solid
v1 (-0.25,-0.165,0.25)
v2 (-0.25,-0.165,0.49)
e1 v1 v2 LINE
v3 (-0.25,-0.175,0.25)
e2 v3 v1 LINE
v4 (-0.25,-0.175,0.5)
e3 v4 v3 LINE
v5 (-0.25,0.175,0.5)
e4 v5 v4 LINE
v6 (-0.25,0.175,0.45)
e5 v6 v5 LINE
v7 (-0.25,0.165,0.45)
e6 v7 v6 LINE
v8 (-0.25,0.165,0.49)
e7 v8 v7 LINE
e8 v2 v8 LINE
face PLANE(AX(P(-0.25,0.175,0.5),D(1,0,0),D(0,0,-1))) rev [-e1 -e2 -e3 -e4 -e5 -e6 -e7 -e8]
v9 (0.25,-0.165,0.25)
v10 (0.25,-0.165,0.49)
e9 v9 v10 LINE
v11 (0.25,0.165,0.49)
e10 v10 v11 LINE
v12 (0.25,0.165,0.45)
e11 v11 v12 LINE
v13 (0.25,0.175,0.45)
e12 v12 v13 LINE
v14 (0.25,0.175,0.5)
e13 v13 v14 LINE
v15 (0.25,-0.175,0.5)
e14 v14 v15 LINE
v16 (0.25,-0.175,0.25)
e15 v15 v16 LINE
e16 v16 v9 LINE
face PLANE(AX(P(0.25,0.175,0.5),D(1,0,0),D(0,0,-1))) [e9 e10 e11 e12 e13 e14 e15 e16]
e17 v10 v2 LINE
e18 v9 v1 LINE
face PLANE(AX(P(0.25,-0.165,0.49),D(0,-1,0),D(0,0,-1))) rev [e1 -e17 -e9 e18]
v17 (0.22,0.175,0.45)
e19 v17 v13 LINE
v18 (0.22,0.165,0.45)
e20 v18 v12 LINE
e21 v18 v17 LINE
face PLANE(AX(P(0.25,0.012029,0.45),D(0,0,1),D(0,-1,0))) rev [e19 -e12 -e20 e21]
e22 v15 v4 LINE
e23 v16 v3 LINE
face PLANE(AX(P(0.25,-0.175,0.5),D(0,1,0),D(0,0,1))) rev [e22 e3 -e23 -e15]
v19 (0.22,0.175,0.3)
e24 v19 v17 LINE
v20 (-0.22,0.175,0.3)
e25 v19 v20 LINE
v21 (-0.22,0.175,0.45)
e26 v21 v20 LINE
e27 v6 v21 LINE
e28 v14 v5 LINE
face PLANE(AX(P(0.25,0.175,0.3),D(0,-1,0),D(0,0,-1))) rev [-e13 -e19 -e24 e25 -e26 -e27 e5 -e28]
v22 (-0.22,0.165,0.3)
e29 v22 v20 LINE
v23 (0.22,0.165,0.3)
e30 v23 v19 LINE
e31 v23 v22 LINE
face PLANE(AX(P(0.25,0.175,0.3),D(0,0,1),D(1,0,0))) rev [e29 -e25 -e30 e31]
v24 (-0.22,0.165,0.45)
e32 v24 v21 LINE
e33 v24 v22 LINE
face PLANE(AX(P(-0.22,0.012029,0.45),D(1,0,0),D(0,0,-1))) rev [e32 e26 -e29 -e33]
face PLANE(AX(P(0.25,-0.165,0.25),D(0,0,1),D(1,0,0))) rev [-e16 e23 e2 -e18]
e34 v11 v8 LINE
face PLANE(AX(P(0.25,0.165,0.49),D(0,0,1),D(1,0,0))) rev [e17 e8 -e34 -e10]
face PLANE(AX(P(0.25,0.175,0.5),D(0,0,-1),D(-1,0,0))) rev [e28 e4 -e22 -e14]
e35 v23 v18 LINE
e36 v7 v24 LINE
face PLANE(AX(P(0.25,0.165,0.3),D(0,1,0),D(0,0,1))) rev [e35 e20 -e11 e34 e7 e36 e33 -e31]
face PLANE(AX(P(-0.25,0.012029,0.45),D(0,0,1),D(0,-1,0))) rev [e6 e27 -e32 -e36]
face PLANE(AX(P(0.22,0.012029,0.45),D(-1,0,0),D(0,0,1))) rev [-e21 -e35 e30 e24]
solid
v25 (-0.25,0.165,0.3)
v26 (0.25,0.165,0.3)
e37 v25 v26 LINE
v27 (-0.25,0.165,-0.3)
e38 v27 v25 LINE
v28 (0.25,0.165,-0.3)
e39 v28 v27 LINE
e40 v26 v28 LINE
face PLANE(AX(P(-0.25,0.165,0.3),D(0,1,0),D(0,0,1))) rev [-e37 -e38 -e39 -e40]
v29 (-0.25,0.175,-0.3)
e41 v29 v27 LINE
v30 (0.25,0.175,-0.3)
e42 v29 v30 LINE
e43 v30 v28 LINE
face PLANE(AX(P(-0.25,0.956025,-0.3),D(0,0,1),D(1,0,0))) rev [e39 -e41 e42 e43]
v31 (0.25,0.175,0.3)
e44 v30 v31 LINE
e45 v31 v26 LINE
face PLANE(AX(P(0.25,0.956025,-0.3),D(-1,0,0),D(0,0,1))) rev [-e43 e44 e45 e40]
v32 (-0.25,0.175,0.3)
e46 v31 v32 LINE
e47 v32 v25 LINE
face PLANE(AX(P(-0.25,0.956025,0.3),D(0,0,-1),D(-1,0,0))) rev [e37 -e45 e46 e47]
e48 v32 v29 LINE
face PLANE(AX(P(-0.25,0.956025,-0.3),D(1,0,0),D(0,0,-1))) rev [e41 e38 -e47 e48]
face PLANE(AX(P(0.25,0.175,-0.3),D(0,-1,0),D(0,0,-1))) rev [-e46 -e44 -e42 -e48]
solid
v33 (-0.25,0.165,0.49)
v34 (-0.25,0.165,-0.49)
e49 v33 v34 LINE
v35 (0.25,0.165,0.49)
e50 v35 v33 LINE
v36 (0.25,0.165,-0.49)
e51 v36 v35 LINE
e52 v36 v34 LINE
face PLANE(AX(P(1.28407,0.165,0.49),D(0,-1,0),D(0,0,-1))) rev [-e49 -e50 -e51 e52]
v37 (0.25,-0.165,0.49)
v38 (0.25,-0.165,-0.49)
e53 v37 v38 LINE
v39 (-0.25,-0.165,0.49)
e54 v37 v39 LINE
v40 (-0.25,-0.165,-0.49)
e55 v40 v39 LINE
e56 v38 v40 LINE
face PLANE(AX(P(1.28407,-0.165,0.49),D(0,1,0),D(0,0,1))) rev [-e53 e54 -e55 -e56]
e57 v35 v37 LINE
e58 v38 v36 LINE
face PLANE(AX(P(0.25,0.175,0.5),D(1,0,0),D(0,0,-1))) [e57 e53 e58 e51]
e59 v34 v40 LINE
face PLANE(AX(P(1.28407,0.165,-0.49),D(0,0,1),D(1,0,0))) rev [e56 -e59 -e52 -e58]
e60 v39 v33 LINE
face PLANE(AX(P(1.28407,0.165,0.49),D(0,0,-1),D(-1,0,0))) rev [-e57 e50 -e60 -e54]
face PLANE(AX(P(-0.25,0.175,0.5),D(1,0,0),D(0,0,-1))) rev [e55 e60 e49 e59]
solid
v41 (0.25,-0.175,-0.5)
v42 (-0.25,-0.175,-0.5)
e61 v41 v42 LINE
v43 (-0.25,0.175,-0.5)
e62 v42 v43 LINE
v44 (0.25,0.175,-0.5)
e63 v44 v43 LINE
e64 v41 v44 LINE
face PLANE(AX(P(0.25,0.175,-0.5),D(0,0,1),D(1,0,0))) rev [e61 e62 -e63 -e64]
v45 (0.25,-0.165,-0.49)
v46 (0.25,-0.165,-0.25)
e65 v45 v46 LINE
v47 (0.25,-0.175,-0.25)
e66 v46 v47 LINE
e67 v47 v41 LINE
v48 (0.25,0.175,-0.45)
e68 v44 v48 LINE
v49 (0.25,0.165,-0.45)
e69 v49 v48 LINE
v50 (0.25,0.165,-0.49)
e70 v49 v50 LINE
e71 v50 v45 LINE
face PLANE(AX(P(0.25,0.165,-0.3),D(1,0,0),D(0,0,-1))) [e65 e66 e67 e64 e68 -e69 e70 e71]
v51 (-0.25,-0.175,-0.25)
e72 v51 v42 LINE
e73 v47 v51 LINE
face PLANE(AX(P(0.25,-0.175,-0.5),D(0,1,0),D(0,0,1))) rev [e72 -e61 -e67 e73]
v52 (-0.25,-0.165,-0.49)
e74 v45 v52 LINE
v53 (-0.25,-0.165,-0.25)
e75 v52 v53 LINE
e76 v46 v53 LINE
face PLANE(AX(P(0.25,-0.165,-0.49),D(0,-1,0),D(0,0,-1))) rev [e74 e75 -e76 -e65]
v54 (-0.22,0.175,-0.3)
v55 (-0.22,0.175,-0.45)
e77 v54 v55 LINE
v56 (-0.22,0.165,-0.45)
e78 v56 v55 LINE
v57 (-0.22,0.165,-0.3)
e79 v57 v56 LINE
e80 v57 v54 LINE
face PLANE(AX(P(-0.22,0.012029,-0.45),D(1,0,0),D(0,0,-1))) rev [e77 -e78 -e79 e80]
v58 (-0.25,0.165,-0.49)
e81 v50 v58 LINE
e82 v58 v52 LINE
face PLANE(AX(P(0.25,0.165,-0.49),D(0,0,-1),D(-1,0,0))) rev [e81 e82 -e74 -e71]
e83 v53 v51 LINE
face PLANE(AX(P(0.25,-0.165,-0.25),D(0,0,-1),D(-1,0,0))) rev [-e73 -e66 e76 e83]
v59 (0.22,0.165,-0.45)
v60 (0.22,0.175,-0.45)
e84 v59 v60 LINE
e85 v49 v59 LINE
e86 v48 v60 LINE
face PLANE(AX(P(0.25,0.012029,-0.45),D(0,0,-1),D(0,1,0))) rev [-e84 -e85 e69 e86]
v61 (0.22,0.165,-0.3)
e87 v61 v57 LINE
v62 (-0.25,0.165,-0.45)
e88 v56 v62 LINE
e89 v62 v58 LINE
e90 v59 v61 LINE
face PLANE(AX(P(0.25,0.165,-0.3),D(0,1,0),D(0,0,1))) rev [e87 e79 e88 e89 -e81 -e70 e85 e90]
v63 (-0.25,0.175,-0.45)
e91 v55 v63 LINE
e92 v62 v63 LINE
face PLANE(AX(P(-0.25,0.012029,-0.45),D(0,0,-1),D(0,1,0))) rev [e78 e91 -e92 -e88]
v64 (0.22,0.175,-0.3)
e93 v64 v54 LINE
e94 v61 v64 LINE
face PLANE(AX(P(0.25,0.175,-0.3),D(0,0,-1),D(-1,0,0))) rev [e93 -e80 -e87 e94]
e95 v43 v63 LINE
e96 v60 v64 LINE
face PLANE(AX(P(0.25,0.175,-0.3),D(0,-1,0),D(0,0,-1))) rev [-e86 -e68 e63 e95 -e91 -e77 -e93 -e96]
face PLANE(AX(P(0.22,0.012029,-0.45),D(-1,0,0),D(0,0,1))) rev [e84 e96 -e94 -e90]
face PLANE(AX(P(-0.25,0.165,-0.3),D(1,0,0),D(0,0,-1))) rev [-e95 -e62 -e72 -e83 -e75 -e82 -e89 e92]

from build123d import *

# Parameters (mm, degrees)
BOSS_EXTRUDE2_DEPTH   = 0.25
BOSS_EXTRUDE2_2_DEPTH = 0.25
BOSS_EXTRUDE3_START   = -0.25
SKETCH5_W             = 0.98
SKETCH5_H             = 0.33
BOSS_EXTRUDE3_DEPTH   = 0.5
SKETCH6_W             = 0.03
SKETCH6_H             = 0.15
CUT_EXTRUDE1_DEPTH    = 0.01
SKETCH7_W             = 0.5
SKETCH7_H             = 0.6
BOSS_EXTRUDE4_DEPTH   = 0.01


with BuildPart() as part:
    # Sketch4 → Boss-Extrude2 (new body, symmetric)
    with BuildSketch(Plane(origin=(0, 0, 0), x_dir=(0, 0, -1), z_dir=(1, 0, 0))):
        Polygon((-0.5, 0.175), (-0.5, -0.175), (-0.25, -0.175), (-0.25, -0.165), (-0.49, -0.165), (-0.49, 0.165), (-0.3, 0.165), (-0.3, 0.175), align=None)
    extrude(amount=BOSS_EXTRUDE2_DEPTH, both=True)


with BuildPart() as body_2:
    # Sketch4 → Boss-Extrude2 2 (new body, symmetric)
    with BuildSketch(Plane(origin=(0, 0, 0), x_dir=(0, 0, -1), z_dir=(1, 0, 0))):
        Polygon((0.3, 0.175), (0.5, 0.175), (0.5, -0.175), (0.25, -0.175), (0.25, -0.165), (0.49, -0.165), (0.49, 0.165), (0.3, 0.165), align=None)
    extrude(amount=BOSS_EXTRUDE2_2_DEPTH, both=True)


with BuildPart() as body_3:
    # Sketch5 → Boss-Extrude3 (new body)
    with BuildSketch(Plane(origin=(0, 0, 0), x_dir=(0, 0, -1), z_dir=(1, 0, 0)).offset(BOSS_EXTRUDE3_START)):
        Rectangle(SKETCH5_W, SKETCH5_H)
    extrude(amount=BOSS_EXTRUDE3_DEPTH)


with BuildPart() as cut_extrude1_tool:
    # Sketch6 → Cut-Extrude1 (new body)
    with BuildSketch(Plane(origin=(0, 0.175, 0), x_dir=(1, 0, 0), z_dir=(0, 1, 0))):
        with Locations((-0.235, 0.375)):
            Rectangle(SKETCH6_W, SKETCH6_H)
        with Locations((0.235, 0.375)):
            Rectangle(SKETCH6_W, SKETCH6_H)
        with Locations((0.235, -0.375)):
            Rectangle(SKETCH6_W, SKETCH6_H)
        with Locations((-0.235, -0.375)):
            Rectangle(SKETCH6_W, SKETCH6_H)
    extrude(amount=-CUT_EXTRUDE1_DEPTH)


with BuildPart() as part_1:
    add(part.part)

    # Cut-Extrude1: cut by cut_extrude1_tool
    add(cut_extrude1_tool.part, mode=Mode.SUBTRACT)


with BuildPart() as body_2_1:
    add(body_2.part)

    # Cut-Extrude1: cut by cut_extrude1_tool
    add(cut_extrude1_tool.part, mode=Mode.SUBTRACT)


with BuildPart() as body_4:
    # Sketch7 → Boss-Extrude4 (new body)
    with BuildSketch(Plane(origin=(0, 0.165, 0), x_dir=(1, 0, 0), z_dir=(0, 1, 0))):
        Rectangle(SKETCH7_W, SKETCH7_H)
    extrude(amount=BOSS_EXTRUDE4_DEPTH)


solid = Compound([body_3.part, part_1.part, body_2_1.part, body_4.part])
